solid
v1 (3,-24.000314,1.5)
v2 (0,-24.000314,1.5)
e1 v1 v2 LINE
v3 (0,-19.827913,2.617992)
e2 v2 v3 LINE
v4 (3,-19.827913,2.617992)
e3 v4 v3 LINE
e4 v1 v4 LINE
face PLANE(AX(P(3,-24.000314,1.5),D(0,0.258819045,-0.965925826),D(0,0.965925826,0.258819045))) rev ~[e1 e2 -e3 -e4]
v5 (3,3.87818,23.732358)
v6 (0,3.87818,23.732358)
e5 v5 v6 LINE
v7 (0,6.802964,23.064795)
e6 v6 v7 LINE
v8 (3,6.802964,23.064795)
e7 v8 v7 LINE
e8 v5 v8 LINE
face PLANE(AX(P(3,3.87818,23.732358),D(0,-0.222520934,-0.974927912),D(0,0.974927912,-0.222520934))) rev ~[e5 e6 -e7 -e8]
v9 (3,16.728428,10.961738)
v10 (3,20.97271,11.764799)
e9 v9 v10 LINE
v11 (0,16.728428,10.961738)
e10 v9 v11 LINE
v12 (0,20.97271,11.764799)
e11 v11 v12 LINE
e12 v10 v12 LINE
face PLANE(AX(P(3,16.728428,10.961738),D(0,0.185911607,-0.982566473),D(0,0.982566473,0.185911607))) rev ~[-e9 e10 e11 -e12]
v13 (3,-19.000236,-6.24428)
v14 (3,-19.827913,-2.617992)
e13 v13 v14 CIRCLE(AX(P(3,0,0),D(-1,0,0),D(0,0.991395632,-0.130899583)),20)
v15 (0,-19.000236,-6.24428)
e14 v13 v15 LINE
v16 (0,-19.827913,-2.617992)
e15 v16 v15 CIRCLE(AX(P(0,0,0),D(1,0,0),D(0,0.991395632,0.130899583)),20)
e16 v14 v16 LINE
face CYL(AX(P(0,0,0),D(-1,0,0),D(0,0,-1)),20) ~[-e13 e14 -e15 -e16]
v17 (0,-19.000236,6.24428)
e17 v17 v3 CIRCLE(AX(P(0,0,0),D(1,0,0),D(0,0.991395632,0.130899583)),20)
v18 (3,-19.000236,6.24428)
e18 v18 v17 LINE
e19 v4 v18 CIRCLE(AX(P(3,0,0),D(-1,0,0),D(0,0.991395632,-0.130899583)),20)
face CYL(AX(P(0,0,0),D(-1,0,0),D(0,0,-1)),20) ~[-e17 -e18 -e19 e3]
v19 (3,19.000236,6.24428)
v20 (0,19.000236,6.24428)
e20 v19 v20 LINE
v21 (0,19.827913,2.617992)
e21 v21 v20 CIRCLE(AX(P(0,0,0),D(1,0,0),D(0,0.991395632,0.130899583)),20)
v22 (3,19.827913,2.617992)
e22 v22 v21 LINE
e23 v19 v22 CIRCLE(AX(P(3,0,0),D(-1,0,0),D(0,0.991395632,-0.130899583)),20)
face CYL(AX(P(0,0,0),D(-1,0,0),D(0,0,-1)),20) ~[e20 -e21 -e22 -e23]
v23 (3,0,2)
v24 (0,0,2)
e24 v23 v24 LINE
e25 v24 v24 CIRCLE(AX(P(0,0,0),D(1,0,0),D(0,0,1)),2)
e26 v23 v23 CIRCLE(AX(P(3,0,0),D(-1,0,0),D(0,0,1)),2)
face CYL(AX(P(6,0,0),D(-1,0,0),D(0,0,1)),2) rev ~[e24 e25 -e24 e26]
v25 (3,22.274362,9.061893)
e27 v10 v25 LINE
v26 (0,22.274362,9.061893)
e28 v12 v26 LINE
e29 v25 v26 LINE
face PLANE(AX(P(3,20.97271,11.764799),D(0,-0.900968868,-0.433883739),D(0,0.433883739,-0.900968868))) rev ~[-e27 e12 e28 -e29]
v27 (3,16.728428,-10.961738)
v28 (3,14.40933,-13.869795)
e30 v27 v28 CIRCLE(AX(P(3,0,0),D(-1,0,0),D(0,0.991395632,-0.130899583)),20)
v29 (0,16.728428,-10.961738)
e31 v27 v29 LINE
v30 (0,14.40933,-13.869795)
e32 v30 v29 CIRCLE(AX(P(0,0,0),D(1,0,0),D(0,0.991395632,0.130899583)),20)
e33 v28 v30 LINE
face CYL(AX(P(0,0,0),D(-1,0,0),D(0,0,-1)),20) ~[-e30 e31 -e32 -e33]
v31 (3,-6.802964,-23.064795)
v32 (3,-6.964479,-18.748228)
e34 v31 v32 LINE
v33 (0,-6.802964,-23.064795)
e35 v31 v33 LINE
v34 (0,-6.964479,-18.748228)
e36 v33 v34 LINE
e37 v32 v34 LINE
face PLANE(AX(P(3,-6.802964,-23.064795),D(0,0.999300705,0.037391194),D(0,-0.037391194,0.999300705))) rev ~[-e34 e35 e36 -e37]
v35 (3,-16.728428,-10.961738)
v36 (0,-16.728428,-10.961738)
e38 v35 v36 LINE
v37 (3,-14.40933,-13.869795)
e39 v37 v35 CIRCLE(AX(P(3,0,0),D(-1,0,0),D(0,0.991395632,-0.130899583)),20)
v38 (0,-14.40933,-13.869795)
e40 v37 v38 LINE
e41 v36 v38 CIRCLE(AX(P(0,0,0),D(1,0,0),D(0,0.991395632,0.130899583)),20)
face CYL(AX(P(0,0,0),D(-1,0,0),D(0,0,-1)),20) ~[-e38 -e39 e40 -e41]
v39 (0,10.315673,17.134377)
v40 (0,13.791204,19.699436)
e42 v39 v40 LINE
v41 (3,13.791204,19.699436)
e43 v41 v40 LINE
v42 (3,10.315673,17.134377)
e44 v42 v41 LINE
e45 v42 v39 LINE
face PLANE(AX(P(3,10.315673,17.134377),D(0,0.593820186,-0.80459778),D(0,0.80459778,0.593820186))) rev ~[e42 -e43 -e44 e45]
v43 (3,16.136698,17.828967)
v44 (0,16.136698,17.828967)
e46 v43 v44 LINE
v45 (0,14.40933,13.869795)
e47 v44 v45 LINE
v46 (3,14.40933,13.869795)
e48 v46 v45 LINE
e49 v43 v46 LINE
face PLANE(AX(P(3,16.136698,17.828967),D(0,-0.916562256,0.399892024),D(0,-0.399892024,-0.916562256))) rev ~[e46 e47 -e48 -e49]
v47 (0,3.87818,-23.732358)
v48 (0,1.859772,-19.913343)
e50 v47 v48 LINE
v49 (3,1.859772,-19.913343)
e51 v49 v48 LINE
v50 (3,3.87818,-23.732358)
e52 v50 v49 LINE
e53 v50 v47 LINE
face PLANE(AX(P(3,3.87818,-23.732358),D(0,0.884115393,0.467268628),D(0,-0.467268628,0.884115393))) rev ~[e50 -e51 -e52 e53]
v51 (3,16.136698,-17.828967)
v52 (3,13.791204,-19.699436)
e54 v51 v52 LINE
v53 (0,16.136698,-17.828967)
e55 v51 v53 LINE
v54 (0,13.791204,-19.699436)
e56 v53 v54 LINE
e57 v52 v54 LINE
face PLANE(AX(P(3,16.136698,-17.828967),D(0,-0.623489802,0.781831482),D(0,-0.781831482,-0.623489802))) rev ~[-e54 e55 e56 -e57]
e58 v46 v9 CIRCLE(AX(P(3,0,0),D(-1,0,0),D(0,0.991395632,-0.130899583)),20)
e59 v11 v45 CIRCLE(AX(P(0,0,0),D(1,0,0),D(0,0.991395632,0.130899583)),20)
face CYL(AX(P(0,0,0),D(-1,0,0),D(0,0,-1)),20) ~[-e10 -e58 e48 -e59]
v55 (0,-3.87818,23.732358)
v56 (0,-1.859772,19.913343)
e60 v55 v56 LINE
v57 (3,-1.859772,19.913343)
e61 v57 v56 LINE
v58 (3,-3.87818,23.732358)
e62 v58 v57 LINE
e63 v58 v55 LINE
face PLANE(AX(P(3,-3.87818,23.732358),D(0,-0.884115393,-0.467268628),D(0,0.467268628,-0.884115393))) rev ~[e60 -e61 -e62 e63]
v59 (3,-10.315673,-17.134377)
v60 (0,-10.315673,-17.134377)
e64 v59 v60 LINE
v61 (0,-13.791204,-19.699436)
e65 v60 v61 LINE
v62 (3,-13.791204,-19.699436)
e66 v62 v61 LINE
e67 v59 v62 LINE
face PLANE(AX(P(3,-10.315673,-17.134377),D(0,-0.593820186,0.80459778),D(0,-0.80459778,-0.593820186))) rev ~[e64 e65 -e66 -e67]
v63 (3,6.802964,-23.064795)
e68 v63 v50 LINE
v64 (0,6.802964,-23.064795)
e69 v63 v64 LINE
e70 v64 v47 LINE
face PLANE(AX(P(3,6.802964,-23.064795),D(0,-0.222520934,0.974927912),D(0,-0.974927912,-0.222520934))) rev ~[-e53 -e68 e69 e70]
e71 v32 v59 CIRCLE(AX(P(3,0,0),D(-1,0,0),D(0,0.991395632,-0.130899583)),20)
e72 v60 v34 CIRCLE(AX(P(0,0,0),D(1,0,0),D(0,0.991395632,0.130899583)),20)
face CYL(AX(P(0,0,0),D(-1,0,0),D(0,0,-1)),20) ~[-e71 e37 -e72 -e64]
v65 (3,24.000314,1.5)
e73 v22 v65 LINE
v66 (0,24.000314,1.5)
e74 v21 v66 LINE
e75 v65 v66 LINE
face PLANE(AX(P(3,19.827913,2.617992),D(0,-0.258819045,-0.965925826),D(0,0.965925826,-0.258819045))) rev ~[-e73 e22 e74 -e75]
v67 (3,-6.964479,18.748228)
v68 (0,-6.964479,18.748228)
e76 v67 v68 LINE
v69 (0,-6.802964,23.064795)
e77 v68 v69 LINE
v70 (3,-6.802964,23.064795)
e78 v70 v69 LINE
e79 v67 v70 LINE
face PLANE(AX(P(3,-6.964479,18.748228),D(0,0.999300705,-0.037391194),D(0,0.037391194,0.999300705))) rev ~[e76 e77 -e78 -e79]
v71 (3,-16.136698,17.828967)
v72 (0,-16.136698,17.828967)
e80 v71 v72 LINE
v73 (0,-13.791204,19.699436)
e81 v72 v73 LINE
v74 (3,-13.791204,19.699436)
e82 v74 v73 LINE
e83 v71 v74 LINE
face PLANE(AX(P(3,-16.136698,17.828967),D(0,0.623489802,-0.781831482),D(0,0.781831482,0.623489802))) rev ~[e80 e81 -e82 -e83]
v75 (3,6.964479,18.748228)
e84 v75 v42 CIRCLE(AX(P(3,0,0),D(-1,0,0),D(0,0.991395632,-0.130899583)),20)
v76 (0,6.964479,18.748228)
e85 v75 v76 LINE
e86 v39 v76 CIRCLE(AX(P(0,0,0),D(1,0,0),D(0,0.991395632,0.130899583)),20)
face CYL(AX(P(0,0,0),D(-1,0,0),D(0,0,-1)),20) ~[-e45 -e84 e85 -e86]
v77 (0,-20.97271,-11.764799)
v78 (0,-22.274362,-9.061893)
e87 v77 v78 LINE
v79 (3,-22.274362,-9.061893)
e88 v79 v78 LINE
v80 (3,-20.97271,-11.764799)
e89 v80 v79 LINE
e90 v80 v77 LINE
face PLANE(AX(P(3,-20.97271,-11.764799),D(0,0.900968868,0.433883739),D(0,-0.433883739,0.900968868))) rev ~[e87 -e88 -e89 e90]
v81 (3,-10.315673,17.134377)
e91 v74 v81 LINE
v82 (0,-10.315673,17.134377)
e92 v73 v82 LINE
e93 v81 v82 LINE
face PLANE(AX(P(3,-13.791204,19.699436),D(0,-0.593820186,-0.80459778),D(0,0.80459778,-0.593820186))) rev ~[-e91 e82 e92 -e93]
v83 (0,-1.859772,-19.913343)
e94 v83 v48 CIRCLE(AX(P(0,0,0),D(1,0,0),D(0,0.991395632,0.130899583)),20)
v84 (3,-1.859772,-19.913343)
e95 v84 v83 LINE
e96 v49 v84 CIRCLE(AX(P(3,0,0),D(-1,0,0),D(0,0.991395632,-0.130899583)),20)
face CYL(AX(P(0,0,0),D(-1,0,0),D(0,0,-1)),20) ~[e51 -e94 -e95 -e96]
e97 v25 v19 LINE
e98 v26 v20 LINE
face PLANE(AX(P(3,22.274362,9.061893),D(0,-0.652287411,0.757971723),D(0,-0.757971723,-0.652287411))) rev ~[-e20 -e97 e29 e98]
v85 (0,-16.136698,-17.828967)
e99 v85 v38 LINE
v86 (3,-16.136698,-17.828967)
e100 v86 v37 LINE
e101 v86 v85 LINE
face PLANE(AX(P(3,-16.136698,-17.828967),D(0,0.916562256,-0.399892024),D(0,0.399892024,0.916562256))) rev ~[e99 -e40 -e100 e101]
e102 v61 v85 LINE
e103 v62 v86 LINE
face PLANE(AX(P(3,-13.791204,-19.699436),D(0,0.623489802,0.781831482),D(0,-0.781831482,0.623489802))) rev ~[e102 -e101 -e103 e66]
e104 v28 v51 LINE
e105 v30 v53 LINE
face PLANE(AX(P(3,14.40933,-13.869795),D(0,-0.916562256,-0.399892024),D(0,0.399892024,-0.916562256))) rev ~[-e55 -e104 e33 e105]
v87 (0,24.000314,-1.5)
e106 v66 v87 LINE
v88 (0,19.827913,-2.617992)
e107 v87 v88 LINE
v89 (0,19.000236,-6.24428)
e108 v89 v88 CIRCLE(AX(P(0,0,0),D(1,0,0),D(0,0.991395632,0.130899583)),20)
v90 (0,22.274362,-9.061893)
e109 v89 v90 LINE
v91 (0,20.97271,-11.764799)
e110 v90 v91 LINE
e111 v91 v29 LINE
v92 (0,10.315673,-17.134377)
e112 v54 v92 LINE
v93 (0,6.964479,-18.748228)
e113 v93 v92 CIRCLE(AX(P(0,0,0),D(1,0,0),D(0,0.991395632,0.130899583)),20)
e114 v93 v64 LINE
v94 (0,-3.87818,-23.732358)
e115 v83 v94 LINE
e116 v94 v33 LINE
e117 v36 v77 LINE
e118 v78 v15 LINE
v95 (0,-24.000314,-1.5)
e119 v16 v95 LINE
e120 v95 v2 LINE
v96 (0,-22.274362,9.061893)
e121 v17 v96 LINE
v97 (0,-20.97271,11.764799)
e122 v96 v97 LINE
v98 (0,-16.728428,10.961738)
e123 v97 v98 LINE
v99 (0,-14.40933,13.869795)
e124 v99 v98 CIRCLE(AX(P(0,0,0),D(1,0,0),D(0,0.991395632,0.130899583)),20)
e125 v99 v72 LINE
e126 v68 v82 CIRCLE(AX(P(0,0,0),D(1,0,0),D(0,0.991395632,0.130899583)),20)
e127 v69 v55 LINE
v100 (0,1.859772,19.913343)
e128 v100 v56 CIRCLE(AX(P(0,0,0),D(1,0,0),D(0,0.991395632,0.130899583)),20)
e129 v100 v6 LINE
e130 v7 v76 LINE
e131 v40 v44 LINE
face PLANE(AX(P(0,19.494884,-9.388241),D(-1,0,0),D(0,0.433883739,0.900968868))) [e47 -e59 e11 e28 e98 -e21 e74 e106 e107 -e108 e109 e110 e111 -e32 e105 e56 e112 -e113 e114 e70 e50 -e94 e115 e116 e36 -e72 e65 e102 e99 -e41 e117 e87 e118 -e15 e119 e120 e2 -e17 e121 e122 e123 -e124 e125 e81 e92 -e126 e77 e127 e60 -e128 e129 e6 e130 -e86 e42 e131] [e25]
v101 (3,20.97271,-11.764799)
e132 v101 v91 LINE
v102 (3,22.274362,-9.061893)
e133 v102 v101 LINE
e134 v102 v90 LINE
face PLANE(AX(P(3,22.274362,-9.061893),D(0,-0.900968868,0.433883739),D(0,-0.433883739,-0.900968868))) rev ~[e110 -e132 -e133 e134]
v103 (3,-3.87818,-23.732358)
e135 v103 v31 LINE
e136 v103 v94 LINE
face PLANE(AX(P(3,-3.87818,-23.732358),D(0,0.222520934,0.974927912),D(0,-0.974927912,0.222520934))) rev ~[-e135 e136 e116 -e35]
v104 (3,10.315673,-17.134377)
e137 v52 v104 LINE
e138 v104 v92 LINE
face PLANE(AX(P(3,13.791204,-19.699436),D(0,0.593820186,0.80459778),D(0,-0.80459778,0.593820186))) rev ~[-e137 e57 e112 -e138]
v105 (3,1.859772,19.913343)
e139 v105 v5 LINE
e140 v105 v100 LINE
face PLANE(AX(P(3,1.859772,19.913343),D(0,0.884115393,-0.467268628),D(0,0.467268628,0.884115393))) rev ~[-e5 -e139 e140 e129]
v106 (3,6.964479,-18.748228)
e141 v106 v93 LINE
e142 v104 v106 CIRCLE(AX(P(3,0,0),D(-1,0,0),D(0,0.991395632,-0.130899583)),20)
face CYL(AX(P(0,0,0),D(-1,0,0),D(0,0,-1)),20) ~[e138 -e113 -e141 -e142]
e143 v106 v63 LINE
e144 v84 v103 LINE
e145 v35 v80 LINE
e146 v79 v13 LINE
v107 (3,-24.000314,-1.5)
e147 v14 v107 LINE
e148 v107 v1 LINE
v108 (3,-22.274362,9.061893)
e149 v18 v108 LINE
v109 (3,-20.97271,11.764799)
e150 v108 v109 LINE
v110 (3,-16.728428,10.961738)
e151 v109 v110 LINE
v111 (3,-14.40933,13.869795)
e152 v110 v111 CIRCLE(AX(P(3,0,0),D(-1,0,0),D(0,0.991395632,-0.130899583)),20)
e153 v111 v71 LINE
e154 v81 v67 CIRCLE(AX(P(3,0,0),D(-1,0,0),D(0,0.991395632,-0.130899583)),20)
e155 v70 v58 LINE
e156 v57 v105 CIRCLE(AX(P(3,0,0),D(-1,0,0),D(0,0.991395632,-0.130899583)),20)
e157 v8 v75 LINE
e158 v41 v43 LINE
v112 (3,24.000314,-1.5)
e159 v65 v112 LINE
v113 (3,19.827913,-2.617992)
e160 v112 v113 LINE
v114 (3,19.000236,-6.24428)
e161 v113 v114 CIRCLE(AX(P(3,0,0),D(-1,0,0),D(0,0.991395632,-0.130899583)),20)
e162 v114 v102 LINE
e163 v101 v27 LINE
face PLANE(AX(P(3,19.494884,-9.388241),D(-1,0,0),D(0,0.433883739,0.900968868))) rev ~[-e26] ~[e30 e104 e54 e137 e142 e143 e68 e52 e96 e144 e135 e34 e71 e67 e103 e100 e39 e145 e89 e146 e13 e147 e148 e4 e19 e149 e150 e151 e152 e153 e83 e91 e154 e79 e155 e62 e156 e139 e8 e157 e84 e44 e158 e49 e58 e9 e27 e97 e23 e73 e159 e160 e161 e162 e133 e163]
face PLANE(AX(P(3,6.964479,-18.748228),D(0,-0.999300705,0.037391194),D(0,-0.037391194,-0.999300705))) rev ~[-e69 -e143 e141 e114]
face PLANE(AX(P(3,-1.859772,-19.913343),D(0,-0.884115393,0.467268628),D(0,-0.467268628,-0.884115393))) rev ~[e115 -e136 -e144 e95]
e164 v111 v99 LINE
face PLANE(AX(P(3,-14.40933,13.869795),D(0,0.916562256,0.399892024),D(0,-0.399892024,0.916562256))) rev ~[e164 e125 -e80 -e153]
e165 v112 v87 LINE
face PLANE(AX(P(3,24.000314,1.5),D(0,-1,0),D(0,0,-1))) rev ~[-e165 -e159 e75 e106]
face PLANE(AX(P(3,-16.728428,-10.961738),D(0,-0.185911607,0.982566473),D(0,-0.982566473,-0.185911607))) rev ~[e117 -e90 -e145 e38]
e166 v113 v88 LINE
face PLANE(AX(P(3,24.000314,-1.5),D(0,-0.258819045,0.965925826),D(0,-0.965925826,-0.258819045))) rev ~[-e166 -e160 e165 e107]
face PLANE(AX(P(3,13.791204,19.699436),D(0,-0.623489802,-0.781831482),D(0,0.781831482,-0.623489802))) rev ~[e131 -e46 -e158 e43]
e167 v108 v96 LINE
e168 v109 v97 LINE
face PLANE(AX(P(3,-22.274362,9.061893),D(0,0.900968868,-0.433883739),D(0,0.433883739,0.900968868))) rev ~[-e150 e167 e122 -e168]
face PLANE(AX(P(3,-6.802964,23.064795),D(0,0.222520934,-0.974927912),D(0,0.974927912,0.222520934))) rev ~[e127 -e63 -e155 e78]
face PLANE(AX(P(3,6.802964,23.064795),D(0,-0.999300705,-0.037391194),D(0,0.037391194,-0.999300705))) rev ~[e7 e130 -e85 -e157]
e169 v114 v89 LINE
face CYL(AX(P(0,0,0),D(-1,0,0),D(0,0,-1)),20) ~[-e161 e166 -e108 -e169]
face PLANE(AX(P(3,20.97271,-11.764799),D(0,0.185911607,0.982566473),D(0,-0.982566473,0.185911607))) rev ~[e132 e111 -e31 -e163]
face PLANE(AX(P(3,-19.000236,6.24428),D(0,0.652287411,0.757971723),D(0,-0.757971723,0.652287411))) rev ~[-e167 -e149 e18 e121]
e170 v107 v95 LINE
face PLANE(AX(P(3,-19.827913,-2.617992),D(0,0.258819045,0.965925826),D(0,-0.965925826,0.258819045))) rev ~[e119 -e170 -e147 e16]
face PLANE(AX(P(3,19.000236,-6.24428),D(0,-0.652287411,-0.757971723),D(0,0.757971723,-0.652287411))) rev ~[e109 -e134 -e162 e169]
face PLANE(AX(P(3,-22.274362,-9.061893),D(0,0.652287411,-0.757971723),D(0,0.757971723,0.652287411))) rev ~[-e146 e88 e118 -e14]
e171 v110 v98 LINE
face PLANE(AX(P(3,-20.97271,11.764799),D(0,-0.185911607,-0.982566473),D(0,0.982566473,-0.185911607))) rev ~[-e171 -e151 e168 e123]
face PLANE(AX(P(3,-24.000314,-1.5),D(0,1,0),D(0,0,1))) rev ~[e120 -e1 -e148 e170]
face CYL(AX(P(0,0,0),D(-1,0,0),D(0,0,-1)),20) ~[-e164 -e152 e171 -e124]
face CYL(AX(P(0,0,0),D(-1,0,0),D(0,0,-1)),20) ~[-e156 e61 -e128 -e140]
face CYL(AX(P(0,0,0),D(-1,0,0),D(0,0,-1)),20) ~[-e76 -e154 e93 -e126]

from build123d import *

# Parameters (mm, degrees)
SKETCH3_R                 = 20
BOSS_EXTRUDE2_DEPTH       = 3
BOSS_EXTRUDE3_DEPTH       = 3
CIRPATTERN1_COUNT         = 14
F_4_0MM_DOWEL_HOLE1_D     = 4
F_4_0MM_DOWEL_HOLE1_DEPTH = 3
F_4_0MM_DOWEL_HOLE1_TIP   = 1.201721238


with BuildPart() as part:
    # Sketch3 → Boss-Extrude2 (new body)
    with BuildSketch(Plane(origin=(0, 0, 0), x_dir=(0, 0, -1), z_dir=(1, 0, 0))):
        Circle(SKETCH3_R)
    extrude(amount=BOSS_EXTRUDE2_DEPTH)

    # Sketch4 → Boss-Extrude3 (add)
    with BuildSketch(Plane(origin=(3, 0, 0), x_dir=(0, 0, -1), z_dir=(1, 0, 0))):
        Polygon((1.5, 24.000314342), (2.617991667, 19.827912639), (-2.617991667, 19.827912639), (-1.5, 24.000314342), align=None)
    boss_extrude3 = extrude(amount=-BOSS_EXTRUDE3_DEPTH)

    # CirPattern1: Boss-Extrude3 ×14 about axis
    cirpattern1_axis = Axis((0, 0, 0), (1, 0, 0))
    for i in range(1, CIRPATTERN1_COUNT):
        add(boss_extrude3.rotate(cirpattern1_axis, i * 360 / CIRPATTERN1_COUNT))

    # Ø4.0mm Dowel Hole1
    with Locations(Plane(origin=(3, 0, 0), x_dir=(0, 0, -1), z_dir=(1, 0, 0))):
        with Locations((0, 0)):
            Hole(F_4_0MM_DOWEL_HOLE1_D / 2, depth=F_4_0MM_DOWEL_HOLE1_DEPTH)
            with Locations((0, 0, -(F_4_0MM_DOWEL_HOLE1_DEPTH + F_4_0MM_DOWEL_HOLE1_TIP / 2))):  # 118° drill point
                Cone(0, F_4_0MM_DOWEL_HOLE1_D / 2, F_4_0MM_DOWEL_HOLE1_TIP, mode=Mode.SUBTRACT)


solid = part.part
